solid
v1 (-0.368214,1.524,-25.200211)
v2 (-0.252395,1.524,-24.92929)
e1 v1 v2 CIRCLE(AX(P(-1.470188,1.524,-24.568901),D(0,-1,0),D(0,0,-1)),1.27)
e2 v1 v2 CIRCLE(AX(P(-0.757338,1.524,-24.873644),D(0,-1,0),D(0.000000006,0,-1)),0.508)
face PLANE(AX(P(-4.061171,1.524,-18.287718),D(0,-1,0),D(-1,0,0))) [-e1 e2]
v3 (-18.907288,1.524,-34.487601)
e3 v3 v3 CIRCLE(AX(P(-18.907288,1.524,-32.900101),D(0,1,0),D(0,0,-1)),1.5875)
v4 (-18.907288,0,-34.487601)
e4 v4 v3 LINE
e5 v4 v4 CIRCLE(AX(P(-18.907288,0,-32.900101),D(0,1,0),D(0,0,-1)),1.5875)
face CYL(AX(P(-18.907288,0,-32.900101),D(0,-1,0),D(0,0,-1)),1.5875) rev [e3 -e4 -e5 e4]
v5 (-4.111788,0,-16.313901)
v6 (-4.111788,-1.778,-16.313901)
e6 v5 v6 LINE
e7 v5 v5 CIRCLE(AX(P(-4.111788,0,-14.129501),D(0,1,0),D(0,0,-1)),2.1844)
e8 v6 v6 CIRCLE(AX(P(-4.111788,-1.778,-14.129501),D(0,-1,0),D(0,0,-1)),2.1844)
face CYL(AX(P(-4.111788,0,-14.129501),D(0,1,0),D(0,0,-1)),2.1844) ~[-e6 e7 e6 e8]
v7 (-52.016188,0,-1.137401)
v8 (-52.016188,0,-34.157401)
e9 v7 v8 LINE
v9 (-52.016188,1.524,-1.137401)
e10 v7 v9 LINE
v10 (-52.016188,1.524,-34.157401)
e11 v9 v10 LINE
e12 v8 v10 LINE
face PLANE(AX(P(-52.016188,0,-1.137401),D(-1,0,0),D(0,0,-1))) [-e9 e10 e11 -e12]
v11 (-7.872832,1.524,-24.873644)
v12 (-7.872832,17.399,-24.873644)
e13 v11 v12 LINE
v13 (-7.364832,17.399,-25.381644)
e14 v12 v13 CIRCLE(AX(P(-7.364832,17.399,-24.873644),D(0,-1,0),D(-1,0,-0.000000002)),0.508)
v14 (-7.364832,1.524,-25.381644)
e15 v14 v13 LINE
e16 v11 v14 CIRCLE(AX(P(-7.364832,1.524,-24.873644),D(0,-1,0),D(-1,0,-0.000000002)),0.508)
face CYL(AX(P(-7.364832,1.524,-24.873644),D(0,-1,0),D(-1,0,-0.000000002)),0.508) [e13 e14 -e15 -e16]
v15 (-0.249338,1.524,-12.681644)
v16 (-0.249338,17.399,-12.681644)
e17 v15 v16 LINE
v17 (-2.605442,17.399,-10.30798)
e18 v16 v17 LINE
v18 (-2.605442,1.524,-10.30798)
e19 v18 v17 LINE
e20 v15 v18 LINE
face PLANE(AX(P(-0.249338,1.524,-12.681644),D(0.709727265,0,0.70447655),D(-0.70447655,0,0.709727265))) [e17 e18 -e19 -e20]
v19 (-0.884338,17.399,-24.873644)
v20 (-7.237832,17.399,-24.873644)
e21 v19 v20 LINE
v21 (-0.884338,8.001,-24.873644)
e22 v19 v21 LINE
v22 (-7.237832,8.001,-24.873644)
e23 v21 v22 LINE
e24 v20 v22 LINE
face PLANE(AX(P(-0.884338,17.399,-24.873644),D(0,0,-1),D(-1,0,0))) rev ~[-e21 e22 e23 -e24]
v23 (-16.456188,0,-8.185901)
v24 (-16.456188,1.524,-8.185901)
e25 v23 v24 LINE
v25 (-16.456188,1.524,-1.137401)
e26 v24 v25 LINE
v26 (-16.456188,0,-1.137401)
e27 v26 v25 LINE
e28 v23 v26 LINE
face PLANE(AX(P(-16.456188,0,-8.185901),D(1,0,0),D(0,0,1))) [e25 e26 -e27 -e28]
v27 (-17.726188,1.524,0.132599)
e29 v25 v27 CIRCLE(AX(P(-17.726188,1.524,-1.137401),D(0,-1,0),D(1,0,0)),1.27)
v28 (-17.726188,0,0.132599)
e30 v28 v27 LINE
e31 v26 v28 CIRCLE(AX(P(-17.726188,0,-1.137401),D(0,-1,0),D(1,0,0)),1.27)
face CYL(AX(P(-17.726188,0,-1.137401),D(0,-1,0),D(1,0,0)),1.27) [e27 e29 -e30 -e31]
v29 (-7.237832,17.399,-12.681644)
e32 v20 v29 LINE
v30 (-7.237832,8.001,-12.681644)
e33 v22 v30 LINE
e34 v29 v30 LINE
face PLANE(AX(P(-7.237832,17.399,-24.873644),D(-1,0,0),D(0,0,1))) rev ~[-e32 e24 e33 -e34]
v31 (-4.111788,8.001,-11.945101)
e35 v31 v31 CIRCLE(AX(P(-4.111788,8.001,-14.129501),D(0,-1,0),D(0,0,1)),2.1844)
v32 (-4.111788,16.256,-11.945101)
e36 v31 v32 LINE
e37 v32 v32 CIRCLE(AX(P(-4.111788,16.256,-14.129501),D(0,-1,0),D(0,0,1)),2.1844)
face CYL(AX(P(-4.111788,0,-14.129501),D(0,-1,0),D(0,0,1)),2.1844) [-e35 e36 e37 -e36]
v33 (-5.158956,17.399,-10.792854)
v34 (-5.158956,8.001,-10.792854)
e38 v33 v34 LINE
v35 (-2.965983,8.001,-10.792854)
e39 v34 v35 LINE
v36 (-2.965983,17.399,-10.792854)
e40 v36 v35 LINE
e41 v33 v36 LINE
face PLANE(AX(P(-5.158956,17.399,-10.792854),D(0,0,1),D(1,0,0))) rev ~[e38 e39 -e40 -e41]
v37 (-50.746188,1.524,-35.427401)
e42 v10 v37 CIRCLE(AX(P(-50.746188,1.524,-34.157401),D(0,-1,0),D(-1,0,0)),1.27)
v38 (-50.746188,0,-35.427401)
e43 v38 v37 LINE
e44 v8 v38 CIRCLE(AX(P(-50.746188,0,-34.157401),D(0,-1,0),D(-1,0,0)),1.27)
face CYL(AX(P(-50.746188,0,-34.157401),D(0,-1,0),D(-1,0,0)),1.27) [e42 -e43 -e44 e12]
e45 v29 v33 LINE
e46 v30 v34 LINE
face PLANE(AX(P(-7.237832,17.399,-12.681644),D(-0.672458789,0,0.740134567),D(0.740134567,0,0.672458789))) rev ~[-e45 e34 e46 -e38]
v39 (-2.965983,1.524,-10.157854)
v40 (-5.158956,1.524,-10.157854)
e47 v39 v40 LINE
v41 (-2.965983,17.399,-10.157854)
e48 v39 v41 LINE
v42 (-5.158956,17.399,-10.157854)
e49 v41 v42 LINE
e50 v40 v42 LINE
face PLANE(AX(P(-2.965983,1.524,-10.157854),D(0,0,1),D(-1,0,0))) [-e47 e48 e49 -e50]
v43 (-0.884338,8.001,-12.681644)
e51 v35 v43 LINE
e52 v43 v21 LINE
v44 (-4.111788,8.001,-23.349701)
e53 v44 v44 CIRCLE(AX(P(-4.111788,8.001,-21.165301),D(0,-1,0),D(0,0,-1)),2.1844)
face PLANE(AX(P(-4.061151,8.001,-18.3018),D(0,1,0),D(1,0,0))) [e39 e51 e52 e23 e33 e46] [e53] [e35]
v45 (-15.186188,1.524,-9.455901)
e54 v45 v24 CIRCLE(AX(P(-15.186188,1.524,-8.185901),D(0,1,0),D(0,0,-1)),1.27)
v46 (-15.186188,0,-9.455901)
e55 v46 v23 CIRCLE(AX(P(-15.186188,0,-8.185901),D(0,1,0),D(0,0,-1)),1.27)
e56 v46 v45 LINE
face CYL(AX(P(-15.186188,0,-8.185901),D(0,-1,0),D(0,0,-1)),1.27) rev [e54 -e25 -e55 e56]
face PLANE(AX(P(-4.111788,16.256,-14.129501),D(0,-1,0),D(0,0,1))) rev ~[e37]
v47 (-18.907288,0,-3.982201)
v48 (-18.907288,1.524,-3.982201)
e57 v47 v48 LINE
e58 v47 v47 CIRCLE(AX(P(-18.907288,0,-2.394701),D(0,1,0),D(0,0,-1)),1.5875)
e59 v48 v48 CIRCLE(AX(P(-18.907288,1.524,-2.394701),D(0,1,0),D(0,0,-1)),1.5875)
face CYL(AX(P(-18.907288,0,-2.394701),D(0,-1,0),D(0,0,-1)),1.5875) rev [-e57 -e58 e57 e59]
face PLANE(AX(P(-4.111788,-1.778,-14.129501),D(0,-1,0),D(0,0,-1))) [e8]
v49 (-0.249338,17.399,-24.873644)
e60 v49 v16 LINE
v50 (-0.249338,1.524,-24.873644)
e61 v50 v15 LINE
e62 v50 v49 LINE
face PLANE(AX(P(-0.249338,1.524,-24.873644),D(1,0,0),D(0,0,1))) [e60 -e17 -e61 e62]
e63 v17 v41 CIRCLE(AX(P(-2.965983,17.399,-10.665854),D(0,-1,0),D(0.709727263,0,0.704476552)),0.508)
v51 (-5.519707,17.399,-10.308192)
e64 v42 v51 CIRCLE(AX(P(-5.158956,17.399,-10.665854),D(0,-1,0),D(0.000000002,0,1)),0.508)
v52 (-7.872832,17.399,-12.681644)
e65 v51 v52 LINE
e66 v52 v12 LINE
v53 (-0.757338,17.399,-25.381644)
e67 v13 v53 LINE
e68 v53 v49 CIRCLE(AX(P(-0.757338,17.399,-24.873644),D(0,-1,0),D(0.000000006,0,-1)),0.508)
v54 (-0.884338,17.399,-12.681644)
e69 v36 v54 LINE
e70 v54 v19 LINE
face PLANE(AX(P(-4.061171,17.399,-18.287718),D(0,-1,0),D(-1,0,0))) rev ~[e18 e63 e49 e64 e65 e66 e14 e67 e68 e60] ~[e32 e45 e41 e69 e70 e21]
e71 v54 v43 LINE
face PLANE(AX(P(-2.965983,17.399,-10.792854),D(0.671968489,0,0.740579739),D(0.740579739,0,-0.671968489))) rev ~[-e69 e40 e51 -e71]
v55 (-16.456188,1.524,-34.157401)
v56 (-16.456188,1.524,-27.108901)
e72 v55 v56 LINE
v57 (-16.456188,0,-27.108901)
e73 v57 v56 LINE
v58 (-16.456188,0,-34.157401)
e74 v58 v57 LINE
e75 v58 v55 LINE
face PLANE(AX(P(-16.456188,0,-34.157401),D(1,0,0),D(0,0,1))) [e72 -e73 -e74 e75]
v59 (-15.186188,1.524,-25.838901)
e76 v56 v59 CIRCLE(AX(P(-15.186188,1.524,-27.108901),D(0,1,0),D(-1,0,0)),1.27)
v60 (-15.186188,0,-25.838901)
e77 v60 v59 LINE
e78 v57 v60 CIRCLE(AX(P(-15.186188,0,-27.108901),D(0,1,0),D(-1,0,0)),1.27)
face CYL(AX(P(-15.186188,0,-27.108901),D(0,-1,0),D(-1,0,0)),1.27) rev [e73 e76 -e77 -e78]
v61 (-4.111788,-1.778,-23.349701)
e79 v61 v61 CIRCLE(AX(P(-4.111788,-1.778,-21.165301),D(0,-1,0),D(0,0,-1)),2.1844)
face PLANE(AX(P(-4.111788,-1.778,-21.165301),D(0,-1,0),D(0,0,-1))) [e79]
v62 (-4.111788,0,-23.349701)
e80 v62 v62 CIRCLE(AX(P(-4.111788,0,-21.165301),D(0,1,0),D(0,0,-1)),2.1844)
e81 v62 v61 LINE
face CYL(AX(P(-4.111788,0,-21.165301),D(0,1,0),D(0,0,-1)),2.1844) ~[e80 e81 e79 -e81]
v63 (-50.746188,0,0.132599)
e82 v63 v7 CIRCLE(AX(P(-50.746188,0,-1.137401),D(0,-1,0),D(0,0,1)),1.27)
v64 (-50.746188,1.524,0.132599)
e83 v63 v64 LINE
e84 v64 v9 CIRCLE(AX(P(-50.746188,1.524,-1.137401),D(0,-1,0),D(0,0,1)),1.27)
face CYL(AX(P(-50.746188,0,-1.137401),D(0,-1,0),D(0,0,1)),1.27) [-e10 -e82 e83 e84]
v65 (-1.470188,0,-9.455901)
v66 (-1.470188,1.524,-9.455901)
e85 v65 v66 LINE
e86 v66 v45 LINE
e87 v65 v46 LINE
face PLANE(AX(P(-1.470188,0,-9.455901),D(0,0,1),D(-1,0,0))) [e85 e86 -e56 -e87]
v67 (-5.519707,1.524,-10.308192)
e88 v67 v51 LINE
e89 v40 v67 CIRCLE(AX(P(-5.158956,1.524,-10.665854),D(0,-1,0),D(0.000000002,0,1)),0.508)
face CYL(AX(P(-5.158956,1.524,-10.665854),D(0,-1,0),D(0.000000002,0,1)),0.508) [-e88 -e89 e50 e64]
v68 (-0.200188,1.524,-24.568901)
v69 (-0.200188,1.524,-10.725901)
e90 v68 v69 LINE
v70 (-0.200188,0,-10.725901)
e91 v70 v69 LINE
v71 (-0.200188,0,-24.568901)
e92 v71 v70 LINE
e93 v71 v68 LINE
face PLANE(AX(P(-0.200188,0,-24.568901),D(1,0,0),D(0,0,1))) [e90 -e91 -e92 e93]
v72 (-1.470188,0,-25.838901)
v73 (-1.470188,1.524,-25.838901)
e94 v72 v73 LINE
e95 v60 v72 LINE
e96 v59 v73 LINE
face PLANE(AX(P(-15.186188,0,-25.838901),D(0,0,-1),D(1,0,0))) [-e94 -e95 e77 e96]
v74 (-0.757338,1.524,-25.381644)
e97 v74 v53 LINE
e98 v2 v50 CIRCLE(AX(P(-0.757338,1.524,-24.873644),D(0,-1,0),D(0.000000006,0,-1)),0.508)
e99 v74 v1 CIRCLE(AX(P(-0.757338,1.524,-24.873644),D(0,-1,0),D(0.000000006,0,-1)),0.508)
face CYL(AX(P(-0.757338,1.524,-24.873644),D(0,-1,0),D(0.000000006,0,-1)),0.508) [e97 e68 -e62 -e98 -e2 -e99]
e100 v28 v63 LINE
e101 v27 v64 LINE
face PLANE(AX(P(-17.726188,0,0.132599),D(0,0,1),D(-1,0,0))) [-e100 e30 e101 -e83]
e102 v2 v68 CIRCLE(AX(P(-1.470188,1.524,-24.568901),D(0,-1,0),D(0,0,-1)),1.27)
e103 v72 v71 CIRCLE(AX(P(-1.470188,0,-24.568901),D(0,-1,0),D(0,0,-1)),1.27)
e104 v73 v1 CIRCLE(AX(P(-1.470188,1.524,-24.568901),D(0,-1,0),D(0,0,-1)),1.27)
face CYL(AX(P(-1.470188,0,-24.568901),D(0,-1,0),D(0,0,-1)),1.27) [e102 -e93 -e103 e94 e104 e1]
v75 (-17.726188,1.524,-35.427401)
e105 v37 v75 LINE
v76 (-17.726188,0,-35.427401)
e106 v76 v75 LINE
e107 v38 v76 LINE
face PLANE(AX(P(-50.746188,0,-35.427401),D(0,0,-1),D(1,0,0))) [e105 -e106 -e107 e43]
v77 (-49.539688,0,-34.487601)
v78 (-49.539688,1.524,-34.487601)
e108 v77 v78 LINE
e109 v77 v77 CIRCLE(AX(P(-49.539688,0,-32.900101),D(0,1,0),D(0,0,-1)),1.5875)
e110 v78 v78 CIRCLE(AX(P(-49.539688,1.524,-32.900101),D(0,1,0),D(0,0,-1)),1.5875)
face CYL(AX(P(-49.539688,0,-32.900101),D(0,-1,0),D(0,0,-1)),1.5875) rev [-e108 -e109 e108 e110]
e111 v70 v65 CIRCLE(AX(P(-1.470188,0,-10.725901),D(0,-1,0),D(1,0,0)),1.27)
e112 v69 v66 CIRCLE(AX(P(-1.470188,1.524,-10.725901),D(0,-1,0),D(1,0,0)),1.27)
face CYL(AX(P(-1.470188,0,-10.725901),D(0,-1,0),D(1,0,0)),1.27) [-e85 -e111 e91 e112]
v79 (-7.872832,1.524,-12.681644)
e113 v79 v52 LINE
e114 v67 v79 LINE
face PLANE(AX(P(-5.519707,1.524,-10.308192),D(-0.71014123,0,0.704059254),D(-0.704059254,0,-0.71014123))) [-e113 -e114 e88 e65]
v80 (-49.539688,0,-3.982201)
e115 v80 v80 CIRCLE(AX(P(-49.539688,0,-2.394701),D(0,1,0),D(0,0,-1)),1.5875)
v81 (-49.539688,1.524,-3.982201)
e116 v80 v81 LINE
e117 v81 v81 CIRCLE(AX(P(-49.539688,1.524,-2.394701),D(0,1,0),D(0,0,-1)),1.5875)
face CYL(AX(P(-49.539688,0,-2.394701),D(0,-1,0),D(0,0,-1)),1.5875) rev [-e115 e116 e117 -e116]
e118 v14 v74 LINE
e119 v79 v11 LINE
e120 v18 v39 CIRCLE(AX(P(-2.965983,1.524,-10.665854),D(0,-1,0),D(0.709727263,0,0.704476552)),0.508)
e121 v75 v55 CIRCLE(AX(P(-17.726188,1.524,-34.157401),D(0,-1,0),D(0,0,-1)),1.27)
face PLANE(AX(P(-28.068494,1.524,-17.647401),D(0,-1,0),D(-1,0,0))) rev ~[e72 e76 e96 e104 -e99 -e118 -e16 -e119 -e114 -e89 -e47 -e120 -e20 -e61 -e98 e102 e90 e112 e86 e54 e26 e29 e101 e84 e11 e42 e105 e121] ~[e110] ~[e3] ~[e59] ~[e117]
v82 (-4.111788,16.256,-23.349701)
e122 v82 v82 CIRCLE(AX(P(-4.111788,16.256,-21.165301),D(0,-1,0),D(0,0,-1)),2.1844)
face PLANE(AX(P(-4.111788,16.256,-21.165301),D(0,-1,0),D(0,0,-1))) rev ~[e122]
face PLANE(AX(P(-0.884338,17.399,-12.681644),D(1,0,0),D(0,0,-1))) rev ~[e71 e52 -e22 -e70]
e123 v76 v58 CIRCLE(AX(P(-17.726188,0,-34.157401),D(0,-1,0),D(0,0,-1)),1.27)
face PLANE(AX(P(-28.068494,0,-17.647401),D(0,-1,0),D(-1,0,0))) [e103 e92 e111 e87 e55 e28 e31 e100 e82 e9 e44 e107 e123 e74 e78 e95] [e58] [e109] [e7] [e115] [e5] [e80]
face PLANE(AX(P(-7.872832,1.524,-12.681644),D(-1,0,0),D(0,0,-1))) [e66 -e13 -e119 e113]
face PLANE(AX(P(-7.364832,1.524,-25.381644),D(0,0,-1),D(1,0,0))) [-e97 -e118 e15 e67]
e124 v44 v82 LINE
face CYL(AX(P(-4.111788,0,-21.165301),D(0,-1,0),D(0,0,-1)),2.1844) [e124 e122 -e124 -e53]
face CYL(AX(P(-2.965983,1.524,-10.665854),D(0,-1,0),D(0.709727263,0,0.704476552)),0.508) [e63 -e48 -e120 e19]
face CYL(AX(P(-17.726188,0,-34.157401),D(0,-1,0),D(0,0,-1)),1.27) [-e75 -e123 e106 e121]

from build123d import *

# Parameters (mm, degrees)
SKETCH1_R             = 1.5875
SKETCH1_R_2           = 2.1844
BOSS_EXTRUDE2_DEPTH   = 1.524
BOSS_EXTRUDE3_DEPTH   = 15.875
SKETCH3_R             = 2.1844
BOSS_EXTRUDE4_DEPTH   = 1.778
BOSS_EXTRUDE4_2_DEPTH = 1.778
CUT_EXTRUDE1_DEPTH    = 9.398
SKETCH6_R             = 2.1844
BOSS_EXTRUDE5_DEPTH   = 16.256


with BuildPart() as part:
    # Sketch1 → Boss-Extrude2 (new body)
    with BuildSketch(Plane(origin=(0, 0, 0), x_dir=(1, 0, 0), z_dir=(0, 1, 0))):
        with BuildLine():
            Line((-50.746188486, 35.427401309), (-17.726188486, 35.427401309))
            ThreePointArc((-17.726188486, 35.427401309), (-16.828162874, 35.055426921), (-16.456188486, 34.157401309))
            Line((-16.456188486, 34.157401309), (-16.456188486, 27.108901309))
            ThreePointArc((-16.456188486, 27.108901309), (-16.084214098, 26.210875697), (-15.186188486, 25.838901309))
            Line((-15.186188486, 25.838901309), (-1.470188486, 25.838901309))
            ThreePointArc((-1.470188486, 25.838901309), (-0.572162874, 25.466926921), (-0.200188486, 24.568901309))
            Line((-0.200188486, 24.568901309), (-0.200188486, 10.725901309))
            ThreePointArc((-0.200188486, 10.725901309), (-0.572162874, 9.827875697), (-1.470188486, 9.455901309))
            Line((-1.470188486, 9.455901309), (-15.186188486, 9.455901309))
            ThreePointArc((-15.186188486, 9.455901309), (-16.084214098, 9.083926921), (-16.456188486, 8.185901309))
            Line((-16.456188486, 8.185901309), (-16.456188486, 1.137401309))
            ThreePointArc((-16.456188486, 1.137401309), (-16.828162874, 0.239375697), (-17.726188486, -0.132598691))
            Line((-17.726188486, -0.132598691), (-50.746188486, -0.132598691))
            ThreePointArc((-50.746188486, -0.132598691), (-51.644214098, 0.239375697), (-52.016188486, 1.137401309))
            Line((-52.016188486, 1.137401309), (-52.016188486, 34.157401309))
            ThreePointArc((-52.016188486, 34.157401309), (-51.644214098, 35.055426921), (-50.746188486, 35.427401309))
        make_face()
        with Locations(Location((-49.539688486, 32.900101309, 0), (0, 0, 90))):
            Circle(SKETCH1_R, mode=Mode.SUBTRACT)
        with Locations(Location((-18.907288486, 32.900101309, 0), (0, 0, 90))):
            Circle(SKETCH1_R, mode=Mode.SUBTRACT)
        with Locations(Location((-18.907288486, 2.394701309, 0), (0, 0, 90))):
            Circle(SKETCH1_R, mode=Mode.SUBTRACT)
        with Locations(Location((-49.539688486, 2.394701309, 0), (0, 0, 90))):
            Circle(SKETCH1_R, mode=Mode.SUBTRACT)
        with Locations(Location((-4.111788486, 21.165301309, 0), (0, 0, 90))):
            Circle(SKETCH1_R_2, mode=Mode.SUBTRACT)
        with Locations(Location((-4.111788486, 14.129501309, 0), (0, 0, 90))):
            Circle(SKETCH1_R_2, mode=Mode.SUBTRACT)
    extrude(amount=BOSS_EXTRUDE2_DEPTH)

    # Sketch2 → Boss-Extrude3 (add)
    with BuildSketch(Plane(origin=(0, 1.524, 0), x_dir=(1, 0, 0), z_dir=(0, 1, 0))):
        with BuildLine():
            Line((-0.249338446, 12.681643767), (-2.605441809, 10.307979525))
            ThreePointArc((-2.605441809, 10.307979525), (-2.77070914, 10.196884511), (-2.96598326, 10.157853612))
            Line((-2.96598326, 10.157853612), (-5.158955649, 10.157853612))
            ThreePointArc((-5.158955649, 10.157853612), (-5.354367589, 10.196941921), (-5.519707394, 10.308191511))
            Line((-5.519707394, 10.308191511), (-7.872832313, 12.681643767))
            Line((-7.872832313, 12.681643767), (-7.872832313, 24.873643767))
            ThreePointArc((-7.872832313, 24.873643767), (-7.724042558, 25.232854011), (-7.364832313, 25.381643767))
            Line((-7.364832313, 25.381643767), (-0.757338446, 25.381643767))
            ThreePointArc((-0.757338446, 25.381643767), (-0.398128202, 25.232854011), (-0.249338446, 24.873643767))
            Line((-0.249338446, 24.873643767), (-0.249338446, 12.681643767))
        make_face()
    extrude(amount=BOSS_EXTRUDE3_DEPTH)

    # Sketch4 → Cut-Extrude1 (cut)
    with BuildSketch(Plane(origin=(0, 17.399, 0), x_dir=(1, 0, 0), z_dir=(0, 1, 0))):
        Polygon((-7.237832313, 24.873643767), (-7.237832313, 12.681643767), (-5.158955649, 10.792853612), (-2.96598326, 10.792853612), (-0.884338446, 12.681643767), (-0.884338446, 24.873643767), align=None)
    extrude(amount=-CUT_EXTRUDE1_DEPTH, mode=Mode.SUBTRACT)



with BuildPart() as body_2:
    # Sketch3 → Boss-Extrude4 (new body)
    with BuildSketch(Plane.XZ):
        with Locations(Location((-4.111788486, -14.129501309, 0), (0, 0, 270))):
            Circle(SKETCH3_R)
    extrude(amount=BOSS_EXTRUDE4_DEPTH)


with BuildPart() as body_3:
    # Sketch3 → Boss-Extrude4 2 (new body)
    with BuildSketch(Plane.XZ):
        with Locations(Location((-4.111788486, -21.165301309, 0), (0, 0, 270))):
            Circle(SKETCH3_R)
    extrude(amount=BOSS_EXTRUDE4_2_DEPTH)


with BuildPart() as part_1:
    add(part.part)

    add(body_2.part)  # Boss-Extrude5 merges body 2

    add(body_3.part)  # Boss-Extrude5 merges body 3
    # Sketch6 → Boss-Extrude5 (add)
    with BuildSketch(Plane.XZ):
        with Locations(Location((-4.111788486, -14.129501309, 0), (0, 0, 90))):
            Circle(SKETCH6_R)
        with Locations(Location((-4.111788486, -21.165301309, 0), (0, 0, 270))):
            Circle(SKETCH6_R)
    extrude(amount=-BOSS_EXTRUDE5_DEPTH)


solid = part_1.part
